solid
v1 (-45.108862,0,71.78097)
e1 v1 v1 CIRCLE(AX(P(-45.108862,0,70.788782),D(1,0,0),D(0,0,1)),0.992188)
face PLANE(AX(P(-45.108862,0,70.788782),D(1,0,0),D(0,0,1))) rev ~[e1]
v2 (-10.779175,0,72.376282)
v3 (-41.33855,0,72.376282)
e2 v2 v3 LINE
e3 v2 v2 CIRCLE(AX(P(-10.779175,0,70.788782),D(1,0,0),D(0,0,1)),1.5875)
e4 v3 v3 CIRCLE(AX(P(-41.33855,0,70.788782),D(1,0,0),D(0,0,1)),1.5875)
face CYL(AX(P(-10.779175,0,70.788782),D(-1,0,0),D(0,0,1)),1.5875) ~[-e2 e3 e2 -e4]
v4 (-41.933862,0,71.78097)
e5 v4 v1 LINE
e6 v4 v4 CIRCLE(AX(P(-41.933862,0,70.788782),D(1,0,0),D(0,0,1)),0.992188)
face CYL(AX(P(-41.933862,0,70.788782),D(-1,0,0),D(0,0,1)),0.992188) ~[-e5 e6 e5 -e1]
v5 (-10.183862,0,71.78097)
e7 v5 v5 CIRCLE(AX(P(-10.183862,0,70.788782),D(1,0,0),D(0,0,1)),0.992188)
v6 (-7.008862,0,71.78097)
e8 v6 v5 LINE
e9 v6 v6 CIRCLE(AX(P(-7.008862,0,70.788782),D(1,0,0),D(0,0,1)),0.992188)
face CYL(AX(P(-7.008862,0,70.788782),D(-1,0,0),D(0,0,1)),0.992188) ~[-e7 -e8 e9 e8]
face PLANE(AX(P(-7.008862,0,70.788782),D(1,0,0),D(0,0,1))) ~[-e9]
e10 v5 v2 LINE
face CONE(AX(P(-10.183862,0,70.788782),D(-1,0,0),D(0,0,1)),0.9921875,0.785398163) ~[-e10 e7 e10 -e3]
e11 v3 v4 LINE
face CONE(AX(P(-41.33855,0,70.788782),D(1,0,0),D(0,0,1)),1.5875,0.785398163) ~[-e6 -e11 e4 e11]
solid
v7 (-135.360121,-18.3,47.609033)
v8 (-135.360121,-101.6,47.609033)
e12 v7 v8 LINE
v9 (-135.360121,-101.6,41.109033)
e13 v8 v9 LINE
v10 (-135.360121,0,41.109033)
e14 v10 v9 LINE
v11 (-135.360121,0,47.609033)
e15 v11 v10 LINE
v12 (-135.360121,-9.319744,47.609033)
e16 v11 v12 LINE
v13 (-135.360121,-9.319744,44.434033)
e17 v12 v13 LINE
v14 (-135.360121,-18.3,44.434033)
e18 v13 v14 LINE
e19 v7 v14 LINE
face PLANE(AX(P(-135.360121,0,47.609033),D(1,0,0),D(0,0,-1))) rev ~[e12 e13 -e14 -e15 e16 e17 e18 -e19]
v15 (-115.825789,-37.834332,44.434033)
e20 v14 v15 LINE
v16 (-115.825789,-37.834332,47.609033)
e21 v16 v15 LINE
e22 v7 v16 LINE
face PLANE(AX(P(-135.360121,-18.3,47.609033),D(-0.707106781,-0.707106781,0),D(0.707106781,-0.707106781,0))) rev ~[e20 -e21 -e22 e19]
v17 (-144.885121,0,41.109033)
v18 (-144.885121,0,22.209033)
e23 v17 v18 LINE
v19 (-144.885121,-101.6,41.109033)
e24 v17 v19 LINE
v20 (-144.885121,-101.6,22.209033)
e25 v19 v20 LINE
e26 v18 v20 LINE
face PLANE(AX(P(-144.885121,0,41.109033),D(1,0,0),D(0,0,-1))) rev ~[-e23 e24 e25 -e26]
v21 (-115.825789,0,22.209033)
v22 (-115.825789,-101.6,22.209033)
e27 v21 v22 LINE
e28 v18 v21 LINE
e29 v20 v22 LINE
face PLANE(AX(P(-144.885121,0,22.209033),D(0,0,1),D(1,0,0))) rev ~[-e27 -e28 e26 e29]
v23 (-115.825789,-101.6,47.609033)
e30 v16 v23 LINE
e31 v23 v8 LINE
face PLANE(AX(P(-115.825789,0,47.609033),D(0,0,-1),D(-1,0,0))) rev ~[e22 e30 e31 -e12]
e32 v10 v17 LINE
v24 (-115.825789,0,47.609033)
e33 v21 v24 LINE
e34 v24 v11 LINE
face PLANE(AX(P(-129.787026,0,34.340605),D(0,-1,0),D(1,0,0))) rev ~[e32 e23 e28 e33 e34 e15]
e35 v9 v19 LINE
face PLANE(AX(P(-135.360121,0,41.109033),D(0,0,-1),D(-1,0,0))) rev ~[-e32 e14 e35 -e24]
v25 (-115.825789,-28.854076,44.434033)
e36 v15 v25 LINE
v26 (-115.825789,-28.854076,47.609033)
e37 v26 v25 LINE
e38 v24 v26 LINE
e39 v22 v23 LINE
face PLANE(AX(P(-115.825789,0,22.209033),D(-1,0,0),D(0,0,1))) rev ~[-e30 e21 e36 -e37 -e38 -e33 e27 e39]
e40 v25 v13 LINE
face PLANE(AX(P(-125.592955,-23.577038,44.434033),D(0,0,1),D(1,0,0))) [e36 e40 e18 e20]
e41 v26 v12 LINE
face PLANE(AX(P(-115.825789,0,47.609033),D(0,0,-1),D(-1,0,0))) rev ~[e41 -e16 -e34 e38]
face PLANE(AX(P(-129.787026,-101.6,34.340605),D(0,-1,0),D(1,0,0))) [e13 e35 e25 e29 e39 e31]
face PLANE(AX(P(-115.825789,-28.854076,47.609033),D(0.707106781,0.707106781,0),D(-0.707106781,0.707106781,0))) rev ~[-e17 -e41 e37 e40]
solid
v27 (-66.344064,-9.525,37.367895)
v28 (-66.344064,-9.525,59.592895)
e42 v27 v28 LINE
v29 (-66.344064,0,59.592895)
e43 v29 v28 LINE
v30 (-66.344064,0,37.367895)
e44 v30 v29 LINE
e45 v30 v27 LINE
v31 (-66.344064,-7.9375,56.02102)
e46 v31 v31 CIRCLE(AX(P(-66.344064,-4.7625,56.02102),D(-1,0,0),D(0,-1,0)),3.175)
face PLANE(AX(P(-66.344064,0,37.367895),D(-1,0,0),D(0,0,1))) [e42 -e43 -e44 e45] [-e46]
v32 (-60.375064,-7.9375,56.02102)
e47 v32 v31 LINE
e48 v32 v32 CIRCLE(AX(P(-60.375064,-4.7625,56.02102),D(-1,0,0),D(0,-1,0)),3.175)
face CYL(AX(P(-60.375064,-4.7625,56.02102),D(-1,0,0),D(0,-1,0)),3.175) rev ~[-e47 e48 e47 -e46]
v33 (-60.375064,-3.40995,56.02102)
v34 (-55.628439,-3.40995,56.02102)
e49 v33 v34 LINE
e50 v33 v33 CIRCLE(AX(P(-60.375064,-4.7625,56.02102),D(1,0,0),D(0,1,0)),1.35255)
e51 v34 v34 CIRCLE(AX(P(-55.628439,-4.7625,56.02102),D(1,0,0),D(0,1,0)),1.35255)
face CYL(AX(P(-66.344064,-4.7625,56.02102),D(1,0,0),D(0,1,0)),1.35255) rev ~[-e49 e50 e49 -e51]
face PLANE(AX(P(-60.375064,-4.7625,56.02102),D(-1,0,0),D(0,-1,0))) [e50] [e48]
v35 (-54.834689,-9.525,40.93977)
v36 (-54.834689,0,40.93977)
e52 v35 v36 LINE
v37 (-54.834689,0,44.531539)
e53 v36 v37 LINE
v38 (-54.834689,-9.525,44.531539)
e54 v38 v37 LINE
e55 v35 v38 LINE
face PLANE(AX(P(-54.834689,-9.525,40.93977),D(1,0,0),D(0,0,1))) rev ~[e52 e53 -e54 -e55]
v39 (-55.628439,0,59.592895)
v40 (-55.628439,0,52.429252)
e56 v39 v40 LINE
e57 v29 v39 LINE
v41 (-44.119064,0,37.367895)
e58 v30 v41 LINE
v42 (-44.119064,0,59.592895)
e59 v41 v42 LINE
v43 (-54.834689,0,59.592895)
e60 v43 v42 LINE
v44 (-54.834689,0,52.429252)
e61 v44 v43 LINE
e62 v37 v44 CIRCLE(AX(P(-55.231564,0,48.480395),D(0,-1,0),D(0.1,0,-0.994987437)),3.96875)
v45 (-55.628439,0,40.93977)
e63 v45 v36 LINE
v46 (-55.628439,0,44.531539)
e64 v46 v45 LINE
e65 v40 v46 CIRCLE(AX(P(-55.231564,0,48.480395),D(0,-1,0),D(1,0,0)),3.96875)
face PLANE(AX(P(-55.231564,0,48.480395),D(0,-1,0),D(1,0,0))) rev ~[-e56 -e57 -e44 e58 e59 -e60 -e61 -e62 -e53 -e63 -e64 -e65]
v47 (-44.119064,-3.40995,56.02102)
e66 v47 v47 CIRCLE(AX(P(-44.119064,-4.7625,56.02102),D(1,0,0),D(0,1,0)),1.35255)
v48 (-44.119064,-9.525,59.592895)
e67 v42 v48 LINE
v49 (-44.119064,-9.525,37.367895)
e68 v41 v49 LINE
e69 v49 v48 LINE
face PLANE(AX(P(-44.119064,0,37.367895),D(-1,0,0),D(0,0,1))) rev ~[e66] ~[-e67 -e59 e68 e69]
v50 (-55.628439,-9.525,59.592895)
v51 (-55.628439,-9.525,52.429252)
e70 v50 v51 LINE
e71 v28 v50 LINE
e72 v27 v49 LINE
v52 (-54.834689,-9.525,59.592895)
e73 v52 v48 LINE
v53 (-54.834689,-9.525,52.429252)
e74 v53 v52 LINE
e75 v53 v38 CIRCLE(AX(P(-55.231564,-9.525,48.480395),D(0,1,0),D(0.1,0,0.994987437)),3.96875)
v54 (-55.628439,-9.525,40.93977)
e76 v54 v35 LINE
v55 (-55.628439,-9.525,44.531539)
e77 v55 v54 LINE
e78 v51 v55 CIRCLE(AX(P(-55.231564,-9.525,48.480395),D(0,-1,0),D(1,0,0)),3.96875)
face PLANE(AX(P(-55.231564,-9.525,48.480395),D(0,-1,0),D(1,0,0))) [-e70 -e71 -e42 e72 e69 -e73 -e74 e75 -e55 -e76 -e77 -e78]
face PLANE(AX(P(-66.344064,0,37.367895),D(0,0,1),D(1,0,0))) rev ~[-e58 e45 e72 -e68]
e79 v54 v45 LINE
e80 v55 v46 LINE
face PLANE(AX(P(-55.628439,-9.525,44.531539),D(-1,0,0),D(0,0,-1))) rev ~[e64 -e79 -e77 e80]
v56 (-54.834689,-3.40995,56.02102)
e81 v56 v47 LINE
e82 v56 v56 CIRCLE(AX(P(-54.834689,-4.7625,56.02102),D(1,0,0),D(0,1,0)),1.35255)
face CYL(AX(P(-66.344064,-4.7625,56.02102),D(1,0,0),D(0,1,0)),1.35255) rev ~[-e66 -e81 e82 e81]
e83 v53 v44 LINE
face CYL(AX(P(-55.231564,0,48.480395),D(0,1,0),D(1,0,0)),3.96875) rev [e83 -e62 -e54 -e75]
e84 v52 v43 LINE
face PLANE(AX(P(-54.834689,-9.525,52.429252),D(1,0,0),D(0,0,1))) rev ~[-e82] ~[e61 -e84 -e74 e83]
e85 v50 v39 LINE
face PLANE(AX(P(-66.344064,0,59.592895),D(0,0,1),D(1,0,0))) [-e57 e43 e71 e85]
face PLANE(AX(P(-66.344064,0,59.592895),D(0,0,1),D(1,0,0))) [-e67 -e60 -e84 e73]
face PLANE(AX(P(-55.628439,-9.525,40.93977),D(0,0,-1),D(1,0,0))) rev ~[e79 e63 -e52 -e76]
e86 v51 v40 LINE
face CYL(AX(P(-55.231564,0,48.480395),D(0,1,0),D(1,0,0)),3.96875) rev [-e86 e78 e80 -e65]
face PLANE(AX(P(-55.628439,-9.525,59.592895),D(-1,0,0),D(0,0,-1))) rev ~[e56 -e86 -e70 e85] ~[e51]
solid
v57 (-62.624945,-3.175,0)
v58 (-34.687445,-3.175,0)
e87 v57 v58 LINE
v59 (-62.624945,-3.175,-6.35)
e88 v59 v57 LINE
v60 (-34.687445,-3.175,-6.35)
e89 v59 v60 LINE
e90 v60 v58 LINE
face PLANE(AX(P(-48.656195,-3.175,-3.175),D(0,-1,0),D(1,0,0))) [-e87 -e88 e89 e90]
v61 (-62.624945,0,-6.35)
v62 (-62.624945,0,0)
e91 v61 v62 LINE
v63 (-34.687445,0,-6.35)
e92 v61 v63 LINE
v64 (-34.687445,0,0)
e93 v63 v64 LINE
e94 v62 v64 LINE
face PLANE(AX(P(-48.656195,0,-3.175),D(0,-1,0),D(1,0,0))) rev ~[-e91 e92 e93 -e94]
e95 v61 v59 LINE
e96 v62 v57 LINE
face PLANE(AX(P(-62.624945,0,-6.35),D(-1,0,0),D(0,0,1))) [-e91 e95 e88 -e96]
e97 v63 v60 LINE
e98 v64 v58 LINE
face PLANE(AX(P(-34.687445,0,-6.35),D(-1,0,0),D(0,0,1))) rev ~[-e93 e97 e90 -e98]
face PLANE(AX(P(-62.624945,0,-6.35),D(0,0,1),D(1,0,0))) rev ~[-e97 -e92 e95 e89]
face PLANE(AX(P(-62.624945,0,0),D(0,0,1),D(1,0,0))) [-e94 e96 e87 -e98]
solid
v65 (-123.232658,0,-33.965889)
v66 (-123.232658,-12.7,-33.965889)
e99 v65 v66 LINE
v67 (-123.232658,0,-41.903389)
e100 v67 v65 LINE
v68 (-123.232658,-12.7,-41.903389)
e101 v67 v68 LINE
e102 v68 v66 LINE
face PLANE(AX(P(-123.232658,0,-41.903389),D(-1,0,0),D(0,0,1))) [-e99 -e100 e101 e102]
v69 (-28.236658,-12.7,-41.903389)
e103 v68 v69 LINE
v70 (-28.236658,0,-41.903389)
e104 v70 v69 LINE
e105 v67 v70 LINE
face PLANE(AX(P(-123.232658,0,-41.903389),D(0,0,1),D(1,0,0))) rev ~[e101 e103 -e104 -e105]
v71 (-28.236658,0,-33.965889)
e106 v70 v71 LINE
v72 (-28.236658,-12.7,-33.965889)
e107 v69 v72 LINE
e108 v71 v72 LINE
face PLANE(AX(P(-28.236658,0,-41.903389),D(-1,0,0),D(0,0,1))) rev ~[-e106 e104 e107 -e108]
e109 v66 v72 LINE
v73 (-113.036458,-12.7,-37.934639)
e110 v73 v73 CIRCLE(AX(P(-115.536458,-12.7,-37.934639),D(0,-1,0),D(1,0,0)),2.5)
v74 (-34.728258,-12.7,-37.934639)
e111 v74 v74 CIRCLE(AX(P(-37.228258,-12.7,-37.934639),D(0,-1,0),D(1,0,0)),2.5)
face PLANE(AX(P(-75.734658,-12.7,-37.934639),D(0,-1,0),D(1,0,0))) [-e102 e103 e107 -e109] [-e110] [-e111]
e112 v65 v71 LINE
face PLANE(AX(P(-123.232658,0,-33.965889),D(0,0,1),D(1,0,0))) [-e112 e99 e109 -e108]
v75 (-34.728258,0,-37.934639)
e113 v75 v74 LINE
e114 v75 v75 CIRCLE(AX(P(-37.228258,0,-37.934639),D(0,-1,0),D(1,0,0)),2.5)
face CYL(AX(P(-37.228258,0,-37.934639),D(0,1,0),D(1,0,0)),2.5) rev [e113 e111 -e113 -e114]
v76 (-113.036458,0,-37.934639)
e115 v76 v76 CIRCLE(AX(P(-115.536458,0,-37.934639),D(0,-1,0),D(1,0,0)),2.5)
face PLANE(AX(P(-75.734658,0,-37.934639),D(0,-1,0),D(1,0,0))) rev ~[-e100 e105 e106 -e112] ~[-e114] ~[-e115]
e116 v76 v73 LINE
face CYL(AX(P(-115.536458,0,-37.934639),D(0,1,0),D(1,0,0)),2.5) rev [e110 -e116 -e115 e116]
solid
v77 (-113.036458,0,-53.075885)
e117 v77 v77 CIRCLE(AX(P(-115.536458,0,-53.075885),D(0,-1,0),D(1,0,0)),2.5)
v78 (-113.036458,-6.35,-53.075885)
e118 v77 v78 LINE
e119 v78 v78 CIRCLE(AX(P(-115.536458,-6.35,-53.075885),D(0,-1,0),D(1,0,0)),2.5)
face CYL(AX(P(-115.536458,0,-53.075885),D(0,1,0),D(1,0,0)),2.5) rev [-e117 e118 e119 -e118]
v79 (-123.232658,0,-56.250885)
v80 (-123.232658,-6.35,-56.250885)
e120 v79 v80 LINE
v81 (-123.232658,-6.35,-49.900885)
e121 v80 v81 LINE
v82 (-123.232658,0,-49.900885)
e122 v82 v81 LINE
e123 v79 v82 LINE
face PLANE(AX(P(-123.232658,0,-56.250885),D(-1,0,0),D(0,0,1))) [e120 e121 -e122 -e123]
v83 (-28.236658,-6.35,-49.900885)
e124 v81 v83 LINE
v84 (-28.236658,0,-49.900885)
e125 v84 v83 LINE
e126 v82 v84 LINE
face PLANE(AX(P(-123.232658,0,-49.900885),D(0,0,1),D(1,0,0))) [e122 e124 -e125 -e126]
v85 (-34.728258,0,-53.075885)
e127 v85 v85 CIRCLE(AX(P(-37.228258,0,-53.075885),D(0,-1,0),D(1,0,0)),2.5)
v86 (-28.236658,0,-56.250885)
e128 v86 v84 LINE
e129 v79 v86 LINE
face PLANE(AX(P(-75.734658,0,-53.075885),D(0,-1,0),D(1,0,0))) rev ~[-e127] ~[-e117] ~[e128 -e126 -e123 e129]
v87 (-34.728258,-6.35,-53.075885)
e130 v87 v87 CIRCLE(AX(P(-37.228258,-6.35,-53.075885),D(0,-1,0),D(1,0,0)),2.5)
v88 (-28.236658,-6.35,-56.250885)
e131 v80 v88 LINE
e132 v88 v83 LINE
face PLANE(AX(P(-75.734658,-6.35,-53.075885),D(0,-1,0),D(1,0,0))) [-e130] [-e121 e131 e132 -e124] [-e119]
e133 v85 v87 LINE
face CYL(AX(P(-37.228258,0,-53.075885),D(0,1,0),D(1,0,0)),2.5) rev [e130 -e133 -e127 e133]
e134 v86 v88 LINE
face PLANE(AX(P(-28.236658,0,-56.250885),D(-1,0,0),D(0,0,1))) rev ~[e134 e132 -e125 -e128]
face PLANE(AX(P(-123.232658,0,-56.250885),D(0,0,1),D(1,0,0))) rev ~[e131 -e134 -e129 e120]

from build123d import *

# Parameters (mm, degrees)
F0_W           = 22.225
F0_H           = 22.225
F0_R           = 3.96875
F1_DEPTH       = 9.525
F3_D           = 2.7051
F3_CBORE_D     = 6.35
F3_CBORE_DEPTH = 5.969
F5_DEPTH       = 25.4
F8_W           = 94.996
F8_H           = 7.9375
F8_R           = 2.5
F9_DEPTH       = 12.7
F10_W          = 94.996
F10_H          = 6.35
F10_R          = 2.5
F11_DEPTH      = 6.35
F12_W          = 27.9375
F12_H          = 6.35
F13_DEPTH      = 3.175
F15_DEPTH      = 101.6
F17_DEPTH      = 3.175


with BuildPart() as f1:
    # F0 (on Front) → F1 (new body)
    with BuildSketch(Plane.XZ):
        with Locations((-55.231563729, 48.4803952456)):
            Rectangle(F0_W, F0_H)
        with Locations((-55.231563729, 48.4803952456)):
            Circle(F0_R, mode=Mode.SUBTRACT)
    extrude(amount=F1_DEPTH)

    # F3 (through all)
    with Locations(Plane(origin=(-66.344063729, 0, 0), x_dir=(0, -1, 0), z_dir=(-1, 0, 0))):
        with Locations((4.7625, 56.0210202456)):
            CounterBoreHole(F3_D / 2, F3_CBORE_D / 2, F3_CBORE_DEPTH)

    # F4 (on face) → F5 (cut)
    with BuildSketch(Plane.XZ.offset(9.525)):
        with BuildLine():
            Line((-54.834688729, 52.4292516366), (-54.834688729, 59.5928952456))
            Line((-54.834688729, 59.5928952456), (-55.628438729, 59.5928952456))
            Line((-55.628438729, 59.5928952456), (-55.628438729, 52.4292516366))
            ThreePointArc((-55.628438729, 52.4292516366), (-55.231563729, 52.4491452456), (-54.834688729, 52.4292516366))
        make_face()
        with BuildLine():
            Line((-54.834688729, 40.9397702456), (-54.834688729, 44.5315388545))
            ThreePointArc((-54.834688729, 44.5315388545), (-55.231563729, 44.5116452456), (-55.628438729, 44.5315388545))
            Line((-55.628438729, 44.5315388545), (-55.628438729, 40.9397702456))
            Line((-55.628438729, 40.9397702456), (-54.834688729, 40.9397702456))
        make_face()
    extrude(amount=-F5_DEPTH, mode=Mode.SUBTRACT)


with BuildPart() as f7:
    # F6 (on Front) → F7 (revolve)
    with BuildSketch(Plane.XZ):
        Polygon((-45.1088624105, 71.7809695899), (-45.1088624105, 70.7887820899), (-7.0088624105, 70.7887820899), (-7.0088624105, 71.7809695899), (-10.1838624105, 71.7809695899), (-10.7791749105, 72.3762820899), (-41.3385499105, 72.3762820899), (-41.9338624105, 71.7809695899), align=None)
    revolve(axis=Axis((-26.0588624105, 0, 70.7887820899), (1, 0, 0)))


with BuildPart() as f9:
    # F8 (on Front) → F9 (new body)
    with BuildSketch(Plane.XZ):
        with Locations((-75.7346581668, -37.9346387305)):
            Rectangle(F8_W, F8_H)
        with Locations((-115.5364581668, -37.9346387305)):
            Circle(F8_R, mode=Mode.SUBTRACT)
        with Locations((-37.2282581668, -37.9346387305)):
            Circle(F8_R, mode=Mode.SUBTRACT)
    extrude(amount=F9_DEPTH)


with BuildPart() as f11:
    # F10 (on Front) → F11 (new body)
    with BuildSketch(Plane.XZ):
        with Locations((-75.7346581668, -53.075885129)):
            Rectangle(F10_W, F10_H)
        with Locations((-115.5364581668, -53.075885129)):
            Circle(F10_R, mode=Mode.SUBTRACT)
        with Locations((-37.2282581668, -53.075885129)):
            Circle(F10_R, mode=Mode.SUBTRACT)
    extrude(amount=F11_DEPTH)


with BuildPart() as f13:
    # F12 (on Front) → F13 (new body)
    with BuildSketch(Plane.XZ):
        with Locations((-48.6561949255, -3.175)):
            Rectangle(F12_W, F12_H)
    extrude(amount=F13_DEPTH)


with BuildPart() as f15:
    # F14 (on Front) → F15 (new body)
    with BuildSketch(Plane.XZ):
        Polygon((-115.82578916, 47.6090334209), (-135.3601208026, 47.6090334209), (-135.3601208026, 41.1090334209), (-144.8851208026, 41.1090334209), (-144.8851208026, 22.2090334209), (-115.82578916, 22.2090334209), align=None)
    extrude(amount=F15_DEPTH)

    # F16 (on face) → F17 (cut)
    with BuildSketch(Plane.XY.offset(47.6090334209)):
        Polygon((-135.3601208026, -9.3197438789), (-135.3601208026, -18.3), (-115.82578916, -37.8343316426), (-115.82578916, -28.8540755215), align=None)
    extrude(amount=-F17_DEPTH, mode=Mode.SUBTRACT)


solid = Compound([f1.part, f7.part, f9.part, f11.part, f13.part, f15.part])
